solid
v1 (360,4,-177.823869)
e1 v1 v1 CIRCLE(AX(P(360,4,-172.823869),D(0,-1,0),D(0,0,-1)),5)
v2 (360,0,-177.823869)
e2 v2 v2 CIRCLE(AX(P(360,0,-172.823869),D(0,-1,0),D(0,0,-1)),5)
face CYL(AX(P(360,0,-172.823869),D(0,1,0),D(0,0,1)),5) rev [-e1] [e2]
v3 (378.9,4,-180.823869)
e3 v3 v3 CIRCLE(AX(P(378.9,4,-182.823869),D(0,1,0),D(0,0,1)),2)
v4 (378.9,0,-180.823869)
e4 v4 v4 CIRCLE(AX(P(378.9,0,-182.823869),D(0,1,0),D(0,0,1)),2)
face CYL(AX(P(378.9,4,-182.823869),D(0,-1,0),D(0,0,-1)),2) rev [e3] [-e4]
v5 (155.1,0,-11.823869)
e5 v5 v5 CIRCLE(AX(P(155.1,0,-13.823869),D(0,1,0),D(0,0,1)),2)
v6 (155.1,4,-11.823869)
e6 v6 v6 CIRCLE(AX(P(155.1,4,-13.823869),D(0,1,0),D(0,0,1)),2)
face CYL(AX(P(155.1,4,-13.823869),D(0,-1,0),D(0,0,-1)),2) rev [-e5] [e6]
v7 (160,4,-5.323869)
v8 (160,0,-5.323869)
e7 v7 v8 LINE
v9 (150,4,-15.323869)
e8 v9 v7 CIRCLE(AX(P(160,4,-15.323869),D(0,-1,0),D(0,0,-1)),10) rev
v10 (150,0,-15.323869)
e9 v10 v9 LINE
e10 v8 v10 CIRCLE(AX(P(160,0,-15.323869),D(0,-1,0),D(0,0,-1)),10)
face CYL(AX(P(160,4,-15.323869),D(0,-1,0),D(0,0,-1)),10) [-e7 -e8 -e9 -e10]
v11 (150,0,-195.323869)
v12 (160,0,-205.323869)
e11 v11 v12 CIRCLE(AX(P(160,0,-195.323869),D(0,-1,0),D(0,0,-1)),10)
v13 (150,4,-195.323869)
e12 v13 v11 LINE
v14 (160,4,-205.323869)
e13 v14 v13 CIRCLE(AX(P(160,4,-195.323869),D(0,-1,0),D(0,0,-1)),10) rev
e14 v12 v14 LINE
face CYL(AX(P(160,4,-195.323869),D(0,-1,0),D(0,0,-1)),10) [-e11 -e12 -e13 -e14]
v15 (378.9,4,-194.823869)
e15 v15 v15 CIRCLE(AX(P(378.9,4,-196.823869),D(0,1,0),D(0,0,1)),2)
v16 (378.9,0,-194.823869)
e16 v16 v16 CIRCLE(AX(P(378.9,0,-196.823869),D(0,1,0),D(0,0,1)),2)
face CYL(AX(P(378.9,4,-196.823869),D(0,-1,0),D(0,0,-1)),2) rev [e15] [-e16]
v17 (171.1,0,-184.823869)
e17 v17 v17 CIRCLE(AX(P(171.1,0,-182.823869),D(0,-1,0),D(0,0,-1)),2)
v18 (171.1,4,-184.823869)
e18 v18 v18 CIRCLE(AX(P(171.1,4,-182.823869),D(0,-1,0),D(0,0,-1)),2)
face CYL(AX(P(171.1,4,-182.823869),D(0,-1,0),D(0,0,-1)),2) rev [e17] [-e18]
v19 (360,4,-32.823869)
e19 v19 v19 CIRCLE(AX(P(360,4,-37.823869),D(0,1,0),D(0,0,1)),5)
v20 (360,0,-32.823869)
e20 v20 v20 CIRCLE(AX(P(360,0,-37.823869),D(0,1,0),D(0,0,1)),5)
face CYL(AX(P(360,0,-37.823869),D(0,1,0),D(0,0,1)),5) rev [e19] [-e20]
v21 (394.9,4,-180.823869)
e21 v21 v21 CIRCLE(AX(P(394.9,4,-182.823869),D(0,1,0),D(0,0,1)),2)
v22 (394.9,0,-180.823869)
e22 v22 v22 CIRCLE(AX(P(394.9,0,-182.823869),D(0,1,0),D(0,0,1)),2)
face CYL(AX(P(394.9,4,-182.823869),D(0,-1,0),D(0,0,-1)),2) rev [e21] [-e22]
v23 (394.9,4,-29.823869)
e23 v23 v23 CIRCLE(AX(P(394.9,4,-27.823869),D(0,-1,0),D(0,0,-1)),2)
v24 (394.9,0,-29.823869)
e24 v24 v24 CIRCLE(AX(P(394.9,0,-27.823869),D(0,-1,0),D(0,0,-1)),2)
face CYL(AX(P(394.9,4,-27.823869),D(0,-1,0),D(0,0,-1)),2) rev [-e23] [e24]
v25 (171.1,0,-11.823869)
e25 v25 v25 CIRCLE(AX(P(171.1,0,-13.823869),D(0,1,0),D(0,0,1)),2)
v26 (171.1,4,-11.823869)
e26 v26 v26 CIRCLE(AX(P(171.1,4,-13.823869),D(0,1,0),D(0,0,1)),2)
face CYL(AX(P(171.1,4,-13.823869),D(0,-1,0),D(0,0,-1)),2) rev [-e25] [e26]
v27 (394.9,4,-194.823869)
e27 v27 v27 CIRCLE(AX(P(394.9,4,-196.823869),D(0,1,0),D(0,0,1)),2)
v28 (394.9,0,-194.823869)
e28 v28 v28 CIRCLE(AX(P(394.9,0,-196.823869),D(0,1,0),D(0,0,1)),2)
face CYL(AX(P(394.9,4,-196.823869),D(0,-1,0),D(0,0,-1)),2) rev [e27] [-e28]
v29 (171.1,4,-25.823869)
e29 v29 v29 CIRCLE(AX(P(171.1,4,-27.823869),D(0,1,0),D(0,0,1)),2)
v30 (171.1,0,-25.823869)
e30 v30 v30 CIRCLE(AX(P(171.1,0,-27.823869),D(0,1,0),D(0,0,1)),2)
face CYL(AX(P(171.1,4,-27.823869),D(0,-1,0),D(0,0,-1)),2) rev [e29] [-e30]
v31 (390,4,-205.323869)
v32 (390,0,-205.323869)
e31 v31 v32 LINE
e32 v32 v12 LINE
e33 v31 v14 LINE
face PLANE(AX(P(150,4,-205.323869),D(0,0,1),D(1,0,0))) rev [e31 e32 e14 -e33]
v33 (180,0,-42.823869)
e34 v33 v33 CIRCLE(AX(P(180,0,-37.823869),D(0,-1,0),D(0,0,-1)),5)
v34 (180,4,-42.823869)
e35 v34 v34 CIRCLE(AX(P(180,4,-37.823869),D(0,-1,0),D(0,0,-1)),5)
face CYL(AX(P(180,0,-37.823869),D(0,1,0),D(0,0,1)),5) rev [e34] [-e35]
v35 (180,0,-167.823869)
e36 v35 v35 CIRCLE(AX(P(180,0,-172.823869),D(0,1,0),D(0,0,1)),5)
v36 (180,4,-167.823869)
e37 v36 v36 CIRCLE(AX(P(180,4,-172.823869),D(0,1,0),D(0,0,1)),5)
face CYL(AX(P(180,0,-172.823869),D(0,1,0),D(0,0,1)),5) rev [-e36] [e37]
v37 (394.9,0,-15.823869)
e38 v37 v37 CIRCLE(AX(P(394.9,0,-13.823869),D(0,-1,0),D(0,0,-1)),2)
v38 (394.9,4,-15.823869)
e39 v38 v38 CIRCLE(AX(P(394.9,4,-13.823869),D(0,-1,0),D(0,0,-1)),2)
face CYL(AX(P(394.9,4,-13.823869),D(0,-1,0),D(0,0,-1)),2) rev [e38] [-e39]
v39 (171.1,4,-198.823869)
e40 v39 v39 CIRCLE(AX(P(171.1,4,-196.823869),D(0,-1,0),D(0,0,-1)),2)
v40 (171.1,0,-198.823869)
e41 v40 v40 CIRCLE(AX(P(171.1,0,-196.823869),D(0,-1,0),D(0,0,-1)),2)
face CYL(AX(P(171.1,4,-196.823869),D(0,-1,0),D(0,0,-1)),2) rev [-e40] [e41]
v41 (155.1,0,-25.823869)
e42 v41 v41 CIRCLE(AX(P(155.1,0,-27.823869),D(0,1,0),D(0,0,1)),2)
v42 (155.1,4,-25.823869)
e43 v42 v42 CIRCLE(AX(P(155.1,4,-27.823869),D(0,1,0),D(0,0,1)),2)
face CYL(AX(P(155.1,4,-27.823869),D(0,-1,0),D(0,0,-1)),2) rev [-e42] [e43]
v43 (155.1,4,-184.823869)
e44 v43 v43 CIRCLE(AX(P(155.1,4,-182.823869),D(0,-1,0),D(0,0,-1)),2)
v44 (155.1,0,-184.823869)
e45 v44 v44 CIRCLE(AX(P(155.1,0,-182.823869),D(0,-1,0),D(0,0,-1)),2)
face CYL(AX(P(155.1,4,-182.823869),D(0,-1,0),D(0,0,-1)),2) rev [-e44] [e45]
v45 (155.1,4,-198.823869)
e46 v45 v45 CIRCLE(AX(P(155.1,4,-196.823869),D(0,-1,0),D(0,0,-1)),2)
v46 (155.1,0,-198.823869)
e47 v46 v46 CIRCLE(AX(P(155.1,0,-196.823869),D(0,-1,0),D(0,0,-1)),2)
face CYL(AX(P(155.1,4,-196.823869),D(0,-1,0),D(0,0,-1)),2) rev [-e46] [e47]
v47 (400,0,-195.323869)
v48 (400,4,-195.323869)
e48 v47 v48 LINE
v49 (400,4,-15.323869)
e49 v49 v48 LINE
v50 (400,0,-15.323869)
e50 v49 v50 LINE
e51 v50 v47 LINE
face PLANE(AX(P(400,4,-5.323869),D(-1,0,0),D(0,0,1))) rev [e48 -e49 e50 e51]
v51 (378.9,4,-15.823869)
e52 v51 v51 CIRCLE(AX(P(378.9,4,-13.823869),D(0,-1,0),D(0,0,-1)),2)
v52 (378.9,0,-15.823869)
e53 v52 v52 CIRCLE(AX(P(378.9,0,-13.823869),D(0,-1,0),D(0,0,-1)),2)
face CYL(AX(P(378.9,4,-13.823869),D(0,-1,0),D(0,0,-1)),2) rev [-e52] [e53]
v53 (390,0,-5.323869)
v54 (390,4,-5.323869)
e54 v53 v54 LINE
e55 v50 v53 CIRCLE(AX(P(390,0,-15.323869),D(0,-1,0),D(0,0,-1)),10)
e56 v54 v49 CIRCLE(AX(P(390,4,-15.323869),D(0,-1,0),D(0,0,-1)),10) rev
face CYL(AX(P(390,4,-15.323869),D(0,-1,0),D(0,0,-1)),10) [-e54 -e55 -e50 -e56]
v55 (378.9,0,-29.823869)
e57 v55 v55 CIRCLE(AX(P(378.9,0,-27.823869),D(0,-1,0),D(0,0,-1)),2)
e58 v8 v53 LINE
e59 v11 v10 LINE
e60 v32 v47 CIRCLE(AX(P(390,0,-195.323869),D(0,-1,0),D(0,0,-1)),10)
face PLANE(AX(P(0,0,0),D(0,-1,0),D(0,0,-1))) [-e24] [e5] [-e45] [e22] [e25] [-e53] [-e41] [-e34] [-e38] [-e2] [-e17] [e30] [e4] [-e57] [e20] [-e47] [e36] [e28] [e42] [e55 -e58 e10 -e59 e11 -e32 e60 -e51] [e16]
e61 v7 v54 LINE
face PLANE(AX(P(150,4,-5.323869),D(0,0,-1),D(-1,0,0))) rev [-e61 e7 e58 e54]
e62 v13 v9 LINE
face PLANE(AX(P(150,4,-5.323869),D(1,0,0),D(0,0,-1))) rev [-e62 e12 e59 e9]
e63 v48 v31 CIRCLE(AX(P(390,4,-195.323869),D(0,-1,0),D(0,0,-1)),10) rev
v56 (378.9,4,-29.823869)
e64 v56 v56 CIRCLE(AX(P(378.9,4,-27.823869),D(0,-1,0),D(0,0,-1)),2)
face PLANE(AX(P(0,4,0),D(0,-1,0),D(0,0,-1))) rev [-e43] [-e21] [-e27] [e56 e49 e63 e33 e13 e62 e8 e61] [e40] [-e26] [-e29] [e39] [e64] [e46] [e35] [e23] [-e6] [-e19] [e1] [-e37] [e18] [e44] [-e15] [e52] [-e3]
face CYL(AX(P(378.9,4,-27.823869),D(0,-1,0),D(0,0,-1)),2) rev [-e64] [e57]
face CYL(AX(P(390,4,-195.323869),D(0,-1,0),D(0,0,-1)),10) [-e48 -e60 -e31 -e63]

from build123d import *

# Parameters (mm, degrees)
SKETCH1_W           = 250
SKETCH1_H           = 200
BOSS_EXTRUDE1_DEPTH = 4
SKETCH4_R           = 5
CUT_EXTRUDE1_DEPTH  = 5
SKETCH9_R           = 2
CUT_EXTRUDE5_DEPTH  = 5
FILLET1_R           = 10


with BuildPart() as part:
    # Sketch1 → Boss-Extrude1 (new body)
    with BuildSketch(Plane(origin=(0, 0, 0), x_dir=(1, 0, 0), z_dir=(0, 1, 0))):
        with Locations((275, 105.323868678)):
            Rectangle(SKETCH1_W, SKETCH1_H)
    extrude(amount=BOSS_EXTRUDE1_DEPTH)

    # Sketch4 → Cut-Extrude1 (cut, through all)
    with BuildSketch(Plane(origin=(0, 4, 0), x_dir=(1, 0, 0), z_dir=(0, 1, 0))):
        with Locations((360, 37.823868678)):
            Circle(SKETCH4_R)
        with Locations((180, 37.823868678)):
            Circle(SKETCH4_R)
        with Locations((360, 172.823868678)):
            Circle(SKETCH4_R)
        with Locations((180, 172.823868678)):
            Circle(SKETCH4_R)
    extrude(amount=-CUT_EXTRUDE1_DEPTH, mode=Mode.SUBTRACT)

    # Sketch9 → Cut-Extrude5 (cut, through all)
    with BuildSketch(Plane.XZ):
        with Locations((155.1, -196.823868678)):
            Circle(SKETCH9_R)
        with Locations((155.1, -182.823868678)):
            Circle(SKETCH9_R)
        with Locations((171.1, -196.823868678)):
            Circle(SKETCH9_R)
        with Locations((171.1, -182.823868678)):
            Circle(SKETCH9_R)
        with Locations((155.1, -27.823868678)):
            Circle(SKETCH9_R)
        with Locations((155.1, -13.823868678)):
            Circle(SKETCH9_R)
        with Locations((171.1, -13.823868678)):
            Circle(SKETCH9_R)
        with Locations((171.1, -27.823868678)):
            Circle(SKETCH9_R)
        with Locations((394.9, -182.823868678)):
            Circle(SKETCH9_R)
        with Locations((394.9, -196.823868678)):
            Circle(SKETCH9_R)
        with Locations((378.9, -196.823868678)):
            Circle(SKETCH9_R)
        with Locations((378.9, -182.823868678)):
            Circle(SKETCH9_R)
        with Locations((394.9, -27.823868678)):
            Circle(SKETCH9_R)
        with Locations((378.9, -27.823868678)):
            Circle(SKETCH9_R)
        with Locations((378.9, -13.823868678)):
            Circle(SKETCH9_R)
        with Locations((394.9, -13.823868678)):
            Circle(SKETCH9_R)
    extrude(amount=-CUT_EXTRUDE5_DEPTH, mode=Mode.SUBTRACT)

    # Fillet1
    fillet1_edges = [part.edges().sort_by_distance(p)[0] for p in [
        (150, 2, -205.323868678),
        (400, 2, -205.323868678),
        (400, 2, -5.323868678),
        (150, 2, -5.323868678),
    ]]
    fillet(fillet1_edges, radius=FILLET1_R)


solid = part.part
